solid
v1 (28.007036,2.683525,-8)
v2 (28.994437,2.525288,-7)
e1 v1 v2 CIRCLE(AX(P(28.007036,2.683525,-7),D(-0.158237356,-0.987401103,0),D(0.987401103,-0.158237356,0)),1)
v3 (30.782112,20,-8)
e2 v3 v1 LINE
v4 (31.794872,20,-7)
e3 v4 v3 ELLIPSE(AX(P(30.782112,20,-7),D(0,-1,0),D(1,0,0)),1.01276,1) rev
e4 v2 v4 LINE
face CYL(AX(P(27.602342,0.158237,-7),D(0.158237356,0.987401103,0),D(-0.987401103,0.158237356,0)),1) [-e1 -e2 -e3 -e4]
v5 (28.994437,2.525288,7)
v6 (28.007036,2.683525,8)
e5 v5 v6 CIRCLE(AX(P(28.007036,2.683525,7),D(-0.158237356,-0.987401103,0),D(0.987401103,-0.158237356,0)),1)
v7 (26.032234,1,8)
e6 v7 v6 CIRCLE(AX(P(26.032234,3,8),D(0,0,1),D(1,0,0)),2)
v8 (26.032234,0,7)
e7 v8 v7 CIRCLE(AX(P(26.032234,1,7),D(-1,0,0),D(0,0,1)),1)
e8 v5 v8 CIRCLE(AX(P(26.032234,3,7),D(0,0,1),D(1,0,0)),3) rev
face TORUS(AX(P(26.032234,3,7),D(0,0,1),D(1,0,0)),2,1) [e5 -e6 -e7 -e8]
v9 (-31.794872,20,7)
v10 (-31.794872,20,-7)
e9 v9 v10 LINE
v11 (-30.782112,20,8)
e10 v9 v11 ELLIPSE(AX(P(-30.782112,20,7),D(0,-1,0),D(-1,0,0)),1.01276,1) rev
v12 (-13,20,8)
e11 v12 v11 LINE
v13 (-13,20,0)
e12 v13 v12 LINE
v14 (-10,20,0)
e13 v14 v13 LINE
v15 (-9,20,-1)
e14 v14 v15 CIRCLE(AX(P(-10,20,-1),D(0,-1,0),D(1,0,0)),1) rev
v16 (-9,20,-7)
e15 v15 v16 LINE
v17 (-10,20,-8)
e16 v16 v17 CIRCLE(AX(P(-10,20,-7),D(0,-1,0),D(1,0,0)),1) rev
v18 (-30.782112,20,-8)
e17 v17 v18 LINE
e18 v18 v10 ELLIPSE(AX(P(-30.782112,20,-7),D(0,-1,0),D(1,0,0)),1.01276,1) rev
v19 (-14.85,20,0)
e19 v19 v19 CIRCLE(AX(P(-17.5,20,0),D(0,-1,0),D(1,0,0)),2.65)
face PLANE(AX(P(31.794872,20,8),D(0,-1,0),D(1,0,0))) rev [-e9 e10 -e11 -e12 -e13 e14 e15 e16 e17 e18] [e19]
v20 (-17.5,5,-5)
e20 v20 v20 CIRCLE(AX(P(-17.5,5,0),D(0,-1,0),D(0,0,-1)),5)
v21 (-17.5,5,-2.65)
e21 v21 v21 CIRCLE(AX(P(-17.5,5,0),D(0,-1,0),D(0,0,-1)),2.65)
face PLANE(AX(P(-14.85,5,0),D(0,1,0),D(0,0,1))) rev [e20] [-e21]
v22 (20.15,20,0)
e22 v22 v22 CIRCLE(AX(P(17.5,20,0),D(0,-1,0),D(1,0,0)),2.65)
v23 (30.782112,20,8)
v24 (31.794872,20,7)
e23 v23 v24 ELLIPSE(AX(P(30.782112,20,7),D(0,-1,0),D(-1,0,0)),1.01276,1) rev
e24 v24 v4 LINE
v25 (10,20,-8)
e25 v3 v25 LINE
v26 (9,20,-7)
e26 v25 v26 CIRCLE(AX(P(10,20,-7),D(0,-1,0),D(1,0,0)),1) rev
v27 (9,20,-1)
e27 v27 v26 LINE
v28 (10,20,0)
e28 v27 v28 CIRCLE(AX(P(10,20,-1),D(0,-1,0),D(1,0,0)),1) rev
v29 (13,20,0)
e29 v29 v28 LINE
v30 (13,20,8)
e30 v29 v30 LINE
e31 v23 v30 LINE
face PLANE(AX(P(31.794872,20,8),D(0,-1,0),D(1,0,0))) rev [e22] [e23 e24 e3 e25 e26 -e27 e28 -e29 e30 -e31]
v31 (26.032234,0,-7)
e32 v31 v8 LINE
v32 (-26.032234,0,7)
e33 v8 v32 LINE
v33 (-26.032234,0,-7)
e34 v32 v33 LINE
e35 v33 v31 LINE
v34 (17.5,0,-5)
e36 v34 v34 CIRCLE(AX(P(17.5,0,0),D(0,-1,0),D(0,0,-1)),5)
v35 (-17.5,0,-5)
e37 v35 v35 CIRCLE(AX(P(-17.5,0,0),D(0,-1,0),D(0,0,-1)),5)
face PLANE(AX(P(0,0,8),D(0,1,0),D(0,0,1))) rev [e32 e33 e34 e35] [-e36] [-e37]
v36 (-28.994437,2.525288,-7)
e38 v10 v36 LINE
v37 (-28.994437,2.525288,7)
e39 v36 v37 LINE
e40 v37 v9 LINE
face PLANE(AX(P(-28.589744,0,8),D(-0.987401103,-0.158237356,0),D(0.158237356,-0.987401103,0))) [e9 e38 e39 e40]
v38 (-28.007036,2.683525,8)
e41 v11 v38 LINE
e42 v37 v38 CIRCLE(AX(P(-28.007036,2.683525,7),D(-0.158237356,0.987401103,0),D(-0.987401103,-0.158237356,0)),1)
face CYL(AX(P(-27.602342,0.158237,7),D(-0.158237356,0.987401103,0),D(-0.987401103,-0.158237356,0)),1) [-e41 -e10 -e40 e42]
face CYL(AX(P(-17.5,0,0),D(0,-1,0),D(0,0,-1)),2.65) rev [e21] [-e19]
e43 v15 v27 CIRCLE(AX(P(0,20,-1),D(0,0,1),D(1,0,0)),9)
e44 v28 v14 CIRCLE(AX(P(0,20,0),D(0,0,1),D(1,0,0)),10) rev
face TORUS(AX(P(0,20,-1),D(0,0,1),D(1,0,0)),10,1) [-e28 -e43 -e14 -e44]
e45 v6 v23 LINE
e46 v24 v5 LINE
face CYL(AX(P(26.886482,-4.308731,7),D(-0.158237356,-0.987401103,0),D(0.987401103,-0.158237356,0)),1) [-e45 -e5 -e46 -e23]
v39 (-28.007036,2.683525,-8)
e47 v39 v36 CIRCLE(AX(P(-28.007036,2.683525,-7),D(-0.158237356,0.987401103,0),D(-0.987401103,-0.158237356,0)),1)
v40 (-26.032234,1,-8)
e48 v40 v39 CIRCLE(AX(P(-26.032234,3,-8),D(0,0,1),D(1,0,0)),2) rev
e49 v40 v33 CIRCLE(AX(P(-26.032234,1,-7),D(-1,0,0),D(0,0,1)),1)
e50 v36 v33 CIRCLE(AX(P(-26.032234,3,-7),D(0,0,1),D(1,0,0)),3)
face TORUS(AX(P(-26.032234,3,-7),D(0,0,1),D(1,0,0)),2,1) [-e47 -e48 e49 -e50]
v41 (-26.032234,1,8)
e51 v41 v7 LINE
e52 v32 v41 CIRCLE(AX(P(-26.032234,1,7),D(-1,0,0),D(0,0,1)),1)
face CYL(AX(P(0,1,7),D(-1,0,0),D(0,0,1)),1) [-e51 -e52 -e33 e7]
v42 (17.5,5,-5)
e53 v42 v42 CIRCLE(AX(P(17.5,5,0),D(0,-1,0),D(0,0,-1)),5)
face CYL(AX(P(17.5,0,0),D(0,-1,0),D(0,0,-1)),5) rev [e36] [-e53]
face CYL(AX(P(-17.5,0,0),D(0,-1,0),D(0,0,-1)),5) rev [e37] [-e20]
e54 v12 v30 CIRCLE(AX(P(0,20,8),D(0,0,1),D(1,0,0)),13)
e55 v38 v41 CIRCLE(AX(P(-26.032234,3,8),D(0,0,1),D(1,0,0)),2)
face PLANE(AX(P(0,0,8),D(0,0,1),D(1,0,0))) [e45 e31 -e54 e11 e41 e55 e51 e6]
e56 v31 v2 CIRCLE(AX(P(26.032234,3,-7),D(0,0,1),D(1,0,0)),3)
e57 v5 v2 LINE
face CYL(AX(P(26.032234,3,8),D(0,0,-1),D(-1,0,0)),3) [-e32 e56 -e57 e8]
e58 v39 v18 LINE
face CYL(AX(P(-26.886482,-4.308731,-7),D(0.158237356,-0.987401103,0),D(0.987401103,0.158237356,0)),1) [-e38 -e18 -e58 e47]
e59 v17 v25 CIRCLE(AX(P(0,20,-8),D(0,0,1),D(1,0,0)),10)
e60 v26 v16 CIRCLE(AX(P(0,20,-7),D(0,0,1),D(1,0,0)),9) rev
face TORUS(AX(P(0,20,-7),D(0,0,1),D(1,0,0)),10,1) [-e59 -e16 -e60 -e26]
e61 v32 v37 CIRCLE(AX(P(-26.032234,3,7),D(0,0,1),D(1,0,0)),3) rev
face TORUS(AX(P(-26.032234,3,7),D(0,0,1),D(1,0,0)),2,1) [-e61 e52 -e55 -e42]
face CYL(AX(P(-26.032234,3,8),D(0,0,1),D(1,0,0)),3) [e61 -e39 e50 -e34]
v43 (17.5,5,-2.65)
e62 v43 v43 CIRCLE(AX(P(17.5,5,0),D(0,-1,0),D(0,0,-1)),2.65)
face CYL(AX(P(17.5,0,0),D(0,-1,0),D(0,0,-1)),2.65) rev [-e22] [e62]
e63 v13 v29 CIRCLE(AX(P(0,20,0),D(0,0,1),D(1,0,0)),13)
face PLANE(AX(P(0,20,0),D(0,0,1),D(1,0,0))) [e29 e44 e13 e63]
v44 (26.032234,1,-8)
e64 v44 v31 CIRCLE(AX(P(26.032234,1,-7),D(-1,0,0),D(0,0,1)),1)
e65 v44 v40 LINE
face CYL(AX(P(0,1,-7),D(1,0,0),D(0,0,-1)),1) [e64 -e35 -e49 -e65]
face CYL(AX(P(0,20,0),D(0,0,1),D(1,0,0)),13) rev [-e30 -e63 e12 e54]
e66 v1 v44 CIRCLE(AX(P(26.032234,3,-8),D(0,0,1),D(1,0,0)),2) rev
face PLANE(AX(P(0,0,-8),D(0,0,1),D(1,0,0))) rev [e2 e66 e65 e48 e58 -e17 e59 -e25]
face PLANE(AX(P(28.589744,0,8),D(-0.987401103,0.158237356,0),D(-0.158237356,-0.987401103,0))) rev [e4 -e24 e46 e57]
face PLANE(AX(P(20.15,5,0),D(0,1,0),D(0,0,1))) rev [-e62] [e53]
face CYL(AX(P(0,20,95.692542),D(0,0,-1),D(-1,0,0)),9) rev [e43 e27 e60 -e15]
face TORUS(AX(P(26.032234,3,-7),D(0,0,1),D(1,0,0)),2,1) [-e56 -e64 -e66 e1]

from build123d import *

# Parameters (mm, degrees)
DODANIE_WYCI_GNI_CIE1_DEPTH                       = 8
WYTNIJ_WYCI_GNI_CIE1_DEPTH                        = 8
WYTNIJ_WYCI_GNI_CIE2_DEPTH                        = 39.404607438
WYTNIJ_WYCI_GNI_CIE2_DEPTH_BACK                   = 39.404607438
POG_BIENIE_WALCOWE_POD_M5_RUB_Z_BEM_W_D           = 5.3
POG_BIENIE_WALCOWE_POD_M5_RUB_Z_BEM_W_CBORE_D     = 10
POG_BIENIE_WALCOWE_POD_M5_RUB_Z_BEM_W_CBORE_DEPTH = 5
ZAOKR_GLENIE1_R                                   = 3
ZAOKR_GLENIE2_R                                   = 1


with BuildPart() as part:
    # Szkic1 → Dodanie-wyciągnięcie1 (new, symmetric)
    with BuildSketch(Plane.XY):
        Polygon((0, 0), (28.58974359, 0), (31.794871795, 20), (0, 20), align=None)
    dodanie_wyci_gni_cie1 = extrude(amount=DODANIE_WYCI_GNI_CIE1_DEPTH, both=True)

    # Lustro1: Dodanie-wyciągnięcie1 across plane
    add(dodanie_wyci_gni_cie1.mirror(Plane(origin=(0, 20, 8), x_dir=(0, 0, 1), z_dir=(1, 0, 0))))

    # Szkic2 → Wytnij-wyciągnięcie1 (cut)
    with BuildSketch(Plane.XY.offset(8)):
        with BuildLine():
            Line((-13, 20), (13, 20))
            ThreePointArc((13, 20), (0, 7), (-13, 20))
        make_face()
    extrude(amount=-WYTNIJ_WYCI_GNI_CIE1_DEPTH, mode=Mode.SUBTRACT)

    # Szkic3 → Wytnij-wyciągnięcie2 (cut, two sides: drawn at the far end of the back side and taken through both)
    with BuildSketch(Plane.XY.offset(-WYTNIJ_WYCI_GNI_CIE2_DEPTH_BACK)):
        with BuildLine():
            ThreePointArc((-9, 20), (0, 11), (9, 20))
            Line((9, 20), (-9, 20))
        make_face()
    extrude(amount=WYTNIJ_WYCI_GNI_CIE2_DEPTH + WYTNIJ_WYCI_GNI_CIE2_DEPTH_BACK, mode=Mode.SUBTRACT)

    # Pogłębienie walcowe pod M5 Śrubę z łbem walcowym z gniazdem1 (through all)
    with Locations(Plane(origin=(0, 0, 0), x_dir=(-1, 0, 0), z_dir=(0, -1, 0))):
        with Locations((-17.5, 0), (17.5, 0)):
            CounterBoreHole(POG_BIENIE_WALCOWE_POD_M5_RUB_Z_BEM_W_D / 2, POG_BIENIE_WALCOWE_POD_M5_RUB_Z_BEM_W_CBORE_D / 2, POG_BIENIE_WALCOWE_POD_M5_RUB_Z_BEM_W_CBORE_DEPTH)

    # Zaokrąglenie1
    zaokr_glenie1_edges = [part.edges().sort_by_distance(p)[0] for p in [
        (-28.58974359, 0, 0),
        (28.58974359, 0, 0),
    ]]
    fillet(zaokr_glenie1_edges, radius=ZAOKR_GLENIE1_R)

    # Zaokrąglenie2
    zaokr_glenie2_edges = [part.edges().sort_by_distance(p)[0] for p in [
        (0, 11, 0),
        (0, 11, -8),
        (0, 0, -8),
        (0, 0, 8),
        (30.394654482, 11.262643966, -8),
        (-30.394654482, 11.262643966, -8),
        (27.978494862, 0.717004577, -8),
        (-27.978494862, 0.717004577, -8),
        (-30.394654482, 11.262643966, 8),
        (30.394654482, 11.262643966, 8),
        (27.978494862, 0.717004577, 8),
        (-27.978494862, 0.717004577, 8),
    ]]
    fillet(zaokr_glenie2_edges, radius=ZAOKR_GLENIE2_R)


solid = part.part
